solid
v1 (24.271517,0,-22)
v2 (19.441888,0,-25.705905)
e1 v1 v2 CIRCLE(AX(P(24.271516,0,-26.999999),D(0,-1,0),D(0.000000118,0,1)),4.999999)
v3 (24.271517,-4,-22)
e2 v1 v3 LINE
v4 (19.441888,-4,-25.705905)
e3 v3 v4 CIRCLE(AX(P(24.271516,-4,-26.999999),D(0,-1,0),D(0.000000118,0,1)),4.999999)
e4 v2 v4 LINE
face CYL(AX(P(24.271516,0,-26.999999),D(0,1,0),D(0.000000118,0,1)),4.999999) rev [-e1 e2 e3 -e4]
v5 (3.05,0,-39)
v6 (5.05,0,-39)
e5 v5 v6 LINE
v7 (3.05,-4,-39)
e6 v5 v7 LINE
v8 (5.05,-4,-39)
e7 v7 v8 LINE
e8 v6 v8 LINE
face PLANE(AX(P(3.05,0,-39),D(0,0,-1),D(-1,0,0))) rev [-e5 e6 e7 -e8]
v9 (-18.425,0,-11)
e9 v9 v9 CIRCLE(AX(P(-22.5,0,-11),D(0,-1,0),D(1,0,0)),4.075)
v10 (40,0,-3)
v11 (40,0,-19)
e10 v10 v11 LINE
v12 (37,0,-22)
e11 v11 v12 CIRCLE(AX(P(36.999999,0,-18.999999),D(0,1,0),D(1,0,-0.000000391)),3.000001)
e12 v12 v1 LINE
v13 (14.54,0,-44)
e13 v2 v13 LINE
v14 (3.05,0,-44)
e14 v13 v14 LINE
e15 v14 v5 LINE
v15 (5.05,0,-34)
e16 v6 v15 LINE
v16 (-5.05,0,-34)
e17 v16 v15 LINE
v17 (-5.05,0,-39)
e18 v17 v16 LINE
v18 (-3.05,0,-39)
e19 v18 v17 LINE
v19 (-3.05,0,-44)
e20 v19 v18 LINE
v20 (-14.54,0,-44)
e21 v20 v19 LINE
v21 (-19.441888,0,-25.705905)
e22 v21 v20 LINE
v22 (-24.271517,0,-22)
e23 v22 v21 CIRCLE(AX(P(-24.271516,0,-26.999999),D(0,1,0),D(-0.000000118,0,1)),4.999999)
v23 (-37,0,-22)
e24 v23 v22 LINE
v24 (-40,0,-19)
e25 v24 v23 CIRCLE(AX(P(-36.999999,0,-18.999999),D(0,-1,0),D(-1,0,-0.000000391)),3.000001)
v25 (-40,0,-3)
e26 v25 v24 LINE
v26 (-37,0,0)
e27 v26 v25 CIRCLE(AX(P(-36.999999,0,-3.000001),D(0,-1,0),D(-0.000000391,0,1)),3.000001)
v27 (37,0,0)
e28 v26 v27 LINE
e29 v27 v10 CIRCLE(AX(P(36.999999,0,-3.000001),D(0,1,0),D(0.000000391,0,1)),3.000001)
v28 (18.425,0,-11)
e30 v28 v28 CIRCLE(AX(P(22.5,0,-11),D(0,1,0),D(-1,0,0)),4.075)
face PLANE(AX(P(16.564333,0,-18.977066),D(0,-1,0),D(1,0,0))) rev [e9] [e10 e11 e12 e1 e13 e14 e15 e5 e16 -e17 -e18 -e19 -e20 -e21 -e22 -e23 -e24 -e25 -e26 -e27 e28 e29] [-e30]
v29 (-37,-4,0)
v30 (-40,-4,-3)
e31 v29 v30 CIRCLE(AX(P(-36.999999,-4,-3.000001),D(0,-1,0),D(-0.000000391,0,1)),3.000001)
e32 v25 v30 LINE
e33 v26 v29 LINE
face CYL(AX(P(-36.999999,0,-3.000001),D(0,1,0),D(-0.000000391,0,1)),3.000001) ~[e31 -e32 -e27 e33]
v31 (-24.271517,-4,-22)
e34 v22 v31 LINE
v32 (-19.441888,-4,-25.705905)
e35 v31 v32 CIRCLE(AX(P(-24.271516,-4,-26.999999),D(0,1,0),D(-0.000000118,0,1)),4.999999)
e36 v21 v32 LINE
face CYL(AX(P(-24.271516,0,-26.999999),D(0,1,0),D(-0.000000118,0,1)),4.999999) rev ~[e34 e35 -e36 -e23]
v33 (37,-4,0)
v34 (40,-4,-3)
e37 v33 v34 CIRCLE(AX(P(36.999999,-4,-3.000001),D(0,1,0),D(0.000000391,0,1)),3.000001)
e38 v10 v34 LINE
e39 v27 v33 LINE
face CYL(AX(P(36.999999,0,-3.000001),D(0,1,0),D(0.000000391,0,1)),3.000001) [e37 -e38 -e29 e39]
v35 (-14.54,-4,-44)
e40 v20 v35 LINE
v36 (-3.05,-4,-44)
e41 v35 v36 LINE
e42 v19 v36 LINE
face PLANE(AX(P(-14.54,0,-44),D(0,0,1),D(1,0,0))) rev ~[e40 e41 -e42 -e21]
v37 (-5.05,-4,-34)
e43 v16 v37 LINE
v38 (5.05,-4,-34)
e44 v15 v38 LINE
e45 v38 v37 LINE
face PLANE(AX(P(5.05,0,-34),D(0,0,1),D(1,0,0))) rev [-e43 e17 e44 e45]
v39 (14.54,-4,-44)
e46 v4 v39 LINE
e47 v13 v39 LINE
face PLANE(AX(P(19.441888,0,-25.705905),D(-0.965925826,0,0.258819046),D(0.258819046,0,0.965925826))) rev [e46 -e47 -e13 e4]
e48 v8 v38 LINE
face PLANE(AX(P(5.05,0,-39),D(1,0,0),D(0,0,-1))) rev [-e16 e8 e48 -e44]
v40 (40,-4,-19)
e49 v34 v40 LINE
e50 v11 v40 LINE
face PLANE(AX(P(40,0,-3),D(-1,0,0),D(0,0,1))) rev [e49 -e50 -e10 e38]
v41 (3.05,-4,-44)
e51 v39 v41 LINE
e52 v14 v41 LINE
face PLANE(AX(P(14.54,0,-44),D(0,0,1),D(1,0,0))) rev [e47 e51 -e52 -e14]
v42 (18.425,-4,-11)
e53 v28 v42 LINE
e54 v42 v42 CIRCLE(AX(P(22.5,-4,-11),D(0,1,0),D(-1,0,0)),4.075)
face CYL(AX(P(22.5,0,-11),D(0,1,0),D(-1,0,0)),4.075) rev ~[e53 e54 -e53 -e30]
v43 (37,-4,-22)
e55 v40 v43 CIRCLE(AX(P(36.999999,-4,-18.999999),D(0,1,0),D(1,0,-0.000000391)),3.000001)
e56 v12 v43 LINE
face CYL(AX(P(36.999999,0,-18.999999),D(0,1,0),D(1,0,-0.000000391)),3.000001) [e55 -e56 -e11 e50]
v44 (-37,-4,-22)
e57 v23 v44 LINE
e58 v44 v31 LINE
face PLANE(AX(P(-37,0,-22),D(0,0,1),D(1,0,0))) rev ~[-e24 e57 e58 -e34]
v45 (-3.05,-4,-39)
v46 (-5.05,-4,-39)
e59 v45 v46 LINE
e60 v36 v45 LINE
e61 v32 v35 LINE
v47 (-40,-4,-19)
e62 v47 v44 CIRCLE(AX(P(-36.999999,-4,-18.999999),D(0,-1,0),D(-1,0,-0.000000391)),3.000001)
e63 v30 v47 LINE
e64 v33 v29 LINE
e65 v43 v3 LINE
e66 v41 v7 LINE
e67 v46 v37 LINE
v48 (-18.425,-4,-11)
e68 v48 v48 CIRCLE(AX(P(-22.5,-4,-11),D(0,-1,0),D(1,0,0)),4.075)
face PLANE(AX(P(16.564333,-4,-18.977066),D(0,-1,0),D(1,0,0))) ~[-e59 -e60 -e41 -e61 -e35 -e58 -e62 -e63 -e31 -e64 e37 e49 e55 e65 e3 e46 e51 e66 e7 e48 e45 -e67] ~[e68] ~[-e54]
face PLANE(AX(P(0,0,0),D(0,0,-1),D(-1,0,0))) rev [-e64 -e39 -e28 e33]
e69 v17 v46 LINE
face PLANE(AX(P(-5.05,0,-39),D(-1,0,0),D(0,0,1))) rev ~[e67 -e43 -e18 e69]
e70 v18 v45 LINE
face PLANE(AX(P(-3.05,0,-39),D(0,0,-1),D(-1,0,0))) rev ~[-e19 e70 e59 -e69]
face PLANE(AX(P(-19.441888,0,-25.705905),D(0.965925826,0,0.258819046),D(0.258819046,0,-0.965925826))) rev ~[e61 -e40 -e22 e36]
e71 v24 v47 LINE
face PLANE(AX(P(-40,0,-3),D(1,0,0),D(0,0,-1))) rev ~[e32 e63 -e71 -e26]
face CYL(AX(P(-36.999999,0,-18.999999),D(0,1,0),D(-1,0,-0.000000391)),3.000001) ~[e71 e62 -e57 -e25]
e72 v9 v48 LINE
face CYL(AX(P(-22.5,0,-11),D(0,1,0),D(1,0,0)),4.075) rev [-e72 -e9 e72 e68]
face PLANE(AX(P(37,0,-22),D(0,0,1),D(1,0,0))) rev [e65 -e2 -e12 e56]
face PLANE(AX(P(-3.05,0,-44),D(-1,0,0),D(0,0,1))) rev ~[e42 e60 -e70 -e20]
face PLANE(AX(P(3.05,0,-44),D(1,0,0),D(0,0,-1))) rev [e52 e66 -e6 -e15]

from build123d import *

# Parameters (mm, degrees)
F0_R     = 4.075
F1_DEPTH = 4


with BuildPart() as f1:
    # F0 (on Front) → F1 (new body)
    with BuildSketch(Plane.XZ):
        with BuildLine():
            Line((0, -34), (0, 0))
            Line((0, 0), (-37, 0))
            ThreePointArc((-37, 0), (-39.12132, -0.87868), (-40, -3))
            Line((-40, -3), (-40, -19))
            ThreePointArc((-40, -19), (-39.12132, -21.12132), (-37, -22))
            Line((-37, -22), (-24.271517, -22))
            ThreePointArc((-24.271517, -22), (-21.22771, -23.033233), (-19.441888, -25.705905))
            Line((-19.441888, -25.705905), (-14.54, -44))
            Line((-14.54, -44), (-3.05, -44))
            Line((-3.05, -44), (-3.05, -39))
            Line((-3.05, -39), (-5.05, -39))
            Line((-5.05, -39), (-5.05, -34))
            Line((-5.05, -34), (0, -34))
        make_face()
        with Locations((-22.5, -11)):
            Circle(F0_R, mode=Mode.SUBTRACT)
    extrude(amount=F1_DEPTH)

    # F2: F1 across face


with BuildPart() as f1_1:
    add(f1.part)
    add(f1.part.mirror(Plane(origin=(0, -2, -17), x_dir=(0, 1, 0), z_dir=(1, 0, 0))))


solid = f1_1.part
